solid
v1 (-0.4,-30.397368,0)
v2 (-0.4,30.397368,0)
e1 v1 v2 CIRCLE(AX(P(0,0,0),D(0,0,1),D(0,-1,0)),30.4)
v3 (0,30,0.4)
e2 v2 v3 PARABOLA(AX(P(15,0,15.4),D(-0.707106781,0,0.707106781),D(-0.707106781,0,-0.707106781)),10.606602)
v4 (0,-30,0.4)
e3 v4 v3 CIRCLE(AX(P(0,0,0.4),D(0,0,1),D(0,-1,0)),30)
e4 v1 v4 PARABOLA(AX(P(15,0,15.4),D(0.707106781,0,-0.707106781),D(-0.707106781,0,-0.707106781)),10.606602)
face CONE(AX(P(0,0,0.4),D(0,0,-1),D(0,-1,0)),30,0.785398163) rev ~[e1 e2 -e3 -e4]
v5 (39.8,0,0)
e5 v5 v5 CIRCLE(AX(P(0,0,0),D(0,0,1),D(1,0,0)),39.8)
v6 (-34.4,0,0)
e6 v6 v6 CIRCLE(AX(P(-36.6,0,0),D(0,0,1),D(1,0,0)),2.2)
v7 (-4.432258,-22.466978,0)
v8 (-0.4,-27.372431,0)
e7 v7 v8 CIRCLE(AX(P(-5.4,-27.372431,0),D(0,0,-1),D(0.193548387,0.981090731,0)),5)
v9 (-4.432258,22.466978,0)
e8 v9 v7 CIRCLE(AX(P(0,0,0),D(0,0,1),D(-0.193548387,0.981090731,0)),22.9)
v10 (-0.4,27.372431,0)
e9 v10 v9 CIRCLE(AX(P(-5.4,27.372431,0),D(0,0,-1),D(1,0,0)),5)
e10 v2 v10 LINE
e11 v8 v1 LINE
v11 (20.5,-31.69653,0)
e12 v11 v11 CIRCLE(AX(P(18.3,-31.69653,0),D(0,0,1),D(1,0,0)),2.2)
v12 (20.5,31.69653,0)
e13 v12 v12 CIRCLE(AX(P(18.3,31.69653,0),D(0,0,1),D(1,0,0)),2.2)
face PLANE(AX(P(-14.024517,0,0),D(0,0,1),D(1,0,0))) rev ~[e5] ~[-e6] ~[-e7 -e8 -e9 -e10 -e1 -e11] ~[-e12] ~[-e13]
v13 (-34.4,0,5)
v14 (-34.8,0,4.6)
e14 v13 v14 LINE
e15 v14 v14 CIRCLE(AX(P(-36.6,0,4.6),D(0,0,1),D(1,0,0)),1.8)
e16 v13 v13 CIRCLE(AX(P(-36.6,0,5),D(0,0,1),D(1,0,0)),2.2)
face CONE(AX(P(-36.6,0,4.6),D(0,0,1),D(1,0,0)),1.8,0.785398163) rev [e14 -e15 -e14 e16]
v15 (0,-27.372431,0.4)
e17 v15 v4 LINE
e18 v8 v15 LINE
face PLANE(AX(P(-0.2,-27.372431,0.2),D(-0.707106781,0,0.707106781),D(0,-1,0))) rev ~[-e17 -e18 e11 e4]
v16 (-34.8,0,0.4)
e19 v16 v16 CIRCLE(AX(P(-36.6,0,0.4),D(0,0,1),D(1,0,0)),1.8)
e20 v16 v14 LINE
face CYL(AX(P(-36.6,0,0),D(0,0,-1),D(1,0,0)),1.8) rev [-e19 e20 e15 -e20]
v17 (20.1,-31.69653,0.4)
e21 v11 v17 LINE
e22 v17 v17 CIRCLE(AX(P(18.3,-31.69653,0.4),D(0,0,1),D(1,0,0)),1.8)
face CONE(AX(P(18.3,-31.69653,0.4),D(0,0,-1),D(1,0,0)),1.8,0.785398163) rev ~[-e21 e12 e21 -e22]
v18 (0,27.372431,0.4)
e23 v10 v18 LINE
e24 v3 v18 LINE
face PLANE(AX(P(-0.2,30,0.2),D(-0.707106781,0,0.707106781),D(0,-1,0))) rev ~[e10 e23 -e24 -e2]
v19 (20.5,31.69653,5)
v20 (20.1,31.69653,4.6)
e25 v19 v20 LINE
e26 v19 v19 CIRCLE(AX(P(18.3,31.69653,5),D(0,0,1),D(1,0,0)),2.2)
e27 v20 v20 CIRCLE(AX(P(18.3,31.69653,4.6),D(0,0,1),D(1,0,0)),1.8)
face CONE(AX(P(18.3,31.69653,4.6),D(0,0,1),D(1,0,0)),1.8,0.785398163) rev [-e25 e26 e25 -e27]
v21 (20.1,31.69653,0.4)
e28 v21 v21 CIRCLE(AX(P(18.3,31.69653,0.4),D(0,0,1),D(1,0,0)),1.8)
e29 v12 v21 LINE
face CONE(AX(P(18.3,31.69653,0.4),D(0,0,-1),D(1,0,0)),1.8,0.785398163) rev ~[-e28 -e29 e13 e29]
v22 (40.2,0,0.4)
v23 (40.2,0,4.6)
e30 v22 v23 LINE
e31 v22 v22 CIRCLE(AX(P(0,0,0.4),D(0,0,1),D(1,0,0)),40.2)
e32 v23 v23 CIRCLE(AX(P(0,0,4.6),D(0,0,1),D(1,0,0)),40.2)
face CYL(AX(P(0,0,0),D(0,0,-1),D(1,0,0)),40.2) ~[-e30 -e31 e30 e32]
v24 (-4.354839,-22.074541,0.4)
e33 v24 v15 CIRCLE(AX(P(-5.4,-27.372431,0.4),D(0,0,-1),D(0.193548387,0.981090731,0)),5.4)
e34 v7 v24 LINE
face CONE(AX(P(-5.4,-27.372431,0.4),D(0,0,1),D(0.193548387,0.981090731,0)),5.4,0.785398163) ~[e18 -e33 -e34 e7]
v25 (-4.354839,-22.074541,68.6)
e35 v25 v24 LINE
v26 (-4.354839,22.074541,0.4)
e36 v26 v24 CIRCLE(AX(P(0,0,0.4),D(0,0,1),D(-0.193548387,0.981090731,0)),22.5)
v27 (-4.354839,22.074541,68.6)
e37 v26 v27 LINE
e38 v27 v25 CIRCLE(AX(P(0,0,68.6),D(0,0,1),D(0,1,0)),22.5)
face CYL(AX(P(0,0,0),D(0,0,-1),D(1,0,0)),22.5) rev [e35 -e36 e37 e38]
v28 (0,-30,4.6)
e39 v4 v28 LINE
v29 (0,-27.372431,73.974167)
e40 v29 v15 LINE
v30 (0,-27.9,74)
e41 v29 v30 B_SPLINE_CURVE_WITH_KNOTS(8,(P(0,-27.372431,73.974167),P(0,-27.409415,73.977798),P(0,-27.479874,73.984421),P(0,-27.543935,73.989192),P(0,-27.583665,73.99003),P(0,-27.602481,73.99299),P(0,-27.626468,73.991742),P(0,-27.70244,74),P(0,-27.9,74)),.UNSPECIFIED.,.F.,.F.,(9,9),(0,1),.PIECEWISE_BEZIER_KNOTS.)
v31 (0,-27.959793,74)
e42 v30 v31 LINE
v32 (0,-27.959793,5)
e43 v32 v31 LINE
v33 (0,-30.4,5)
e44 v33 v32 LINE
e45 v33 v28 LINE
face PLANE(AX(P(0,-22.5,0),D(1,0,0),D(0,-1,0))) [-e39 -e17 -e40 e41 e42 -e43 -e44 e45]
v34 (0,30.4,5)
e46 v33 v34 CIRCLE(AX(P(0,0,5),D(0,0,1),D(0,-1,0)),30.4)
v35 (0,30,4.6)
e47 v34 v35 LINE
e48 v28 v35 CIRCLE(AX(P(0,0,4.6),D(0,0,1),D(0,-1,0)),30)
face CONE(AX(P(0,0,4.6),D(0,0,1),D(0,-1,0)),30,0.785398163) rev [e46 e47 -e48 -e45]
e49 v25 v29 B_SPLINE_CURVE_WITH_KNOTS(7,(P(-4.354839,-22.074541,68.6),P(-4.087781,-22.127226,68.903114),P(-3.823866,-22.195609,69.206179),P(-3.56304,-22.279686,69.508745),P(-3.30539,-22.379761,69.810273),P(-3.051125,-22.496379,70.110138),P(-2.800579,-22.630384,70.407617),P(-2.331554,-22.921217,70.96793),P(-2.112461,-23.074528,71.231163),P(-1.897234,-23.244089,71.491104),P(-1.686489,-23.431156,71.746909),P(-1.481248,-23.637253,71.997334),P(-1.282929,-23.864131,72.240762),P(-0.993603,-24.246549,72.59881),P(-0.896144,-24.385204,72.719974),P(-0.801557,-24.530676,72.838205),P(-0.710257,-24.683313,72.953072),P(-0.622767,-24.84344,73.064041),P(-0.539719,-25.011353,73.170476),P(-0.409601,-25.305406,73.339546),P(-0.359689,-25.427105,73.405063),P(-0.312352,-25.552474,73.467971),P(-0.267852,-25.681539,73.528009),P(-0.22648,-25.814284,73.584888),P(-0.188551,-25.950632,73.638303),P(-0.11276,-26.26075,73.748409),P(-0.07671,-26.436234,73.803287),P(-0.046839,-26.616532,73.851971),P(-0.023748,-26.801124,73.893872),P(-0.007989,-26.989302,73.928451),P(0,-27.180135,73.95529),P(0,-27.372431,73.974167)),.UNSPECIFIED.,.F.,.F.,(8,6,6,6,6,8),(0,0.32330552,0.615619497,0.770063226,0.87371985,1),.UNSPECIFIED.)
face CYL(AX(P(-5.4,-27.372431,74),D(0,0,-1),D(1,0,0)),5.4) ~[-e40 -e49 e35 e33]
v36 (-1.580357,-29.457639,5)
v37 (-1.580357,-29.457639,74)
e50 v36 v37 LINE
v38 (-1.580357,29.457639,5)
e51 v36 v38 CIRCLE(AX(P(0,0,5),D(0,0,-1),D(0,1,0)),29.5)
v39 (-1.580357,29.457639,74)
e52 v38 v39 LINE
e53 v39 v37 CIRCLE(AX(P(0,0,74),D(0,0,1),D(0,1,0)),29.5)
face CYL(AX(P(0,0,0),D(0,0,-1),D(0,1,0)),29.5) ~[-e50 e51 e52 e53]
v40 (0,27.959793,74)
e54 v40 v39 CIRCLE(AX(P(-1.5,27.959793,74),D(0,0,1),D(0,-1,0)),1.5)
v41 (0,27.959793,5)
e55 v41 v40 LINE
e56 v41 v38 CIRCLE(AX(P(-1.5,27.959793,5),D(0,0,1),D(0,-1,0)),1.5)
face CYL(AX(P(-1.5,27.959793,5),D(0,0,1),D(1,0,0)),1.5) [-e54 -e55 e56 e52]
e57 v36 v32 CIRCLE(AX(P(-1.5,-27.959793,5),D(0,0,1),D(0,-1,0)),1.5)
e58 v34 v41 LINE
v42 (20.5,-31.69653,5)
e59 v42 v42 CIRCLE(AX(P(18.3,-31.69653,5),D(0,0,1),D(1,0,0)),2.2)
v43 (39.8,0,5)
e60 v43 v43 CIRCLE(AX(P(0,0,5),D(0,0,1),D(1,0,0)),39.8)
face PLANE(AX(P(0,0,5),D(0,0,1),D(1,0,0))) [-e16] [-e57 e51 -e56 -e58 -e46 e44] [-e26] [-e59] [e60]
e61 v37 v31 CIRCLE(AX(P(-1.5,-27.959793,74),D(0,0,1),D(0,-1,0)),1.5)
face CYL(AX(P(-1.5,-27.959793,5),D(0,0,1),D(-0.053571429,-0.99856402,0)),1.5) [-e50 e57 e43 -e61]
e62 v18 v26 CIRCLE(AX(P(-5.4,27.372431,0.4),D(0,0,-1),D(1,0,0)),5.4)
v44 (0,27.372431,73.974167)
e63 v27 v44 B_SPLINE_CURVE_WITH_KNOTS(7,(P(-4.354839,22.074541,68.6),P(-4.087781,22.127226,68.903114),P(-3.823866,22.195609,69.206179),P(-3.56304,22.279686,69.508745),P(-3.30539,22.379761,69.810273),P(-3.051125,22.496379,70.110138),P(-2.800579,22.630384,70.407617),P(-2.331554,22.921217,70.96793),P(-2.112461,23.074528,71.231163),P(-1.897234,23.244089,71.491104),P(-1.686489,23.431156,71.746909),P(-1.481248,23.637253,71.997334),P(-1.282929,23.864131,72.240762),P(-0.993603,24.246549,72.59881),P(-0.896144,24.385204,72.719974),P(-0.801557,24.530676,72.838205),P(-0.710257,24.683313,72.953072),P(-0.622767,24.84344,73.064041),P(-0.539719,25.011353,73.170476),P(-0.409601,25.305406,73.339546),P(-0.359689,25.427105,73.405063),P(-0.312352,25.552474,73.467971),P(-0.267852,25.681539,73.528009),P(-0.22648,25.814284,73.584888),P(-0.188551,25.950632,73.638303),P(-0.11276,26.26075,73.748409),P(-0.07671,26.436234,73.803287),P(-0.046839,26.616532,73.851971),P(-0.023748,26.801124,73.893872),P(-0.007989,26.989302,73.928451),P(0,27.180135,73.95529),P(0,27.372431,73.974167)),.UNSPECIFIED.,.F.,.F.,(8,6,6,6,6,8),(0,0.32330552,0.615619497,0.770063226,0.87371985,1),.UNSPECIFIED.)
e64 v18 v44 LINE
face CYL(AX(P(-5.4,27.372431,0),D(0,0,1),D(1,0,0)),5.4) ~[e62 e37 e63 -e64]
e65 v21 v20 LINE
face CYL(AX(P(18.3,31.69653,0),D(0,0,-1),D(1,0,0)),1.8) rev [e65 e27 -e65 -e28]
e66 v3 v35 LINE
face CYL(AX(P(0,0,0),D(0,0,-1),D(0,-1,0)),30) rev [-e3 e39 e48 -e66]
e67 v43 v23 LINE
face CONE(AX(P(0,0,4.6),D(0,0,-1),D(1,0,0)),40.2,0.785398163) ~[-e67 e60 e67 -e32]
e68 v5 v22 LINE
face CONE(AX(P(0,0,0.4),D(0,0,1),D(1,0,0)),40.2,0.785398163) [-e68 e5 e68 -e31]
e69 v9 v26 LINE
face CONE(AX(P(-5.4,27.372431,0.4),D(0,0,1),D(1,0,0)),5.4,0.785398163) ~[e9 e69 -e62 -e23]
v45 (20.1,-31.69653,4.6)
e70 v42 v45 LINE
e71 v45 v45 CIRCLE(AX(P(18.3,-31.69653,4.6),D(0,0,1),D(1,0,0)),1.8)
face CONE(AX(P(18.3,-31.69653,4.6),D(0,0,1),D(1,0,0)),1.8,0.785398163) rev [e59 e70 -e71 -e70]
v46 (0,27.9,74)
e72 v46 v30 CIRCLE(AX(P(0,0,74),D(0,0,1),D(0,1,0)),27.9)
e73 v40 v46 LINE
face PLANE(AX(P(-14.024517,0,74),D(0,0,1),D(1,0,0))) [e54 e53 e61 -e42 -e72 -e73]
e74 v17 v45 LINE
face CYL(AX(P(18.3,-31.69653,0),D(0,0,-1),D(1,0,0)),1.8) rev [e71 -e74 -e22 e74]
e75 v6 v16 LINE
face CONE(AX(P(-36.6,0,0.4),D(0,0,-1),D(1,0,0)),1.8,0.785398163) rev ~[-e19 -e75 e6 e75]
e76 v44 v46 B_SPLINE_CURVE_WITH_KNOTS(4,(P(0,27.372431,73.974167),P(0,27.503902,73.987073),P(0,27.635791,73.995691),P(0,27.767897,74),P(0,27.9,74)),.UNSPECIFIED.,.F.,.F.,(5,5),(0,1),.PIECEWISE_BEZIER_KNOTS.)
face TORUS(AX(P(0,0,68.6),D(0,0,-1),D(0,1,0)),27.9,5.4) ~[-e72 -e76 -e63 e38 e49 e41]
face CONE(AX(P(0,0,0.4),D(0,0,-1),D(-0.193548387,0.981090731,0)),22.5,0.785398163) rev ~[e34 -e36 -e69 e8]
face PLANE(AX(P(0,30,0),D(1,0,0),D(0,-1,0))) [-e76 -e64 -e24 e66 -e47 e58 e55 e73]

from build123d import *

# Parameters (mm, degrees)
SKETCH_R     = 40.2
SKETCH_R_2   = 22.5
PAD_DEPTH    = 5
PAD001_DEPTH = 74
POCKET_DEPTH = 5
FILLET_R     = 1.5
FILLET001_R  = 5.4
SKETCH003_R  = 1.8
HOLE_DEPTH   = 5
CHAMFER_SIZE = 0.4


with BuildPart() as part:
    # Sketch → Pad (new body)
    with BuildSketch(Plane.XY):
        Circle(SKETCH_R)
        Circle(SKETCH_R_2, mode=Mode.SUBTRACT)
    extrude(amount=PAD_DEPTH)

    # Sketch001 → Pad001 (join)
    with BuildSketch(Plane.XY):
        with BuildLine():
            ThreePointArc((0, 29.5), (-29.5, 0), (0, -29.5))
            Line((0, -22.5), (0, -29.5))
            ThreePointArc((0, 22.5), (-22.5, 0), (0, -22.5))
            Line((0, 29.5), (0, 22.5))
        make_face()
    extrude(amount=PAD001_DEPTH)

    # Sketch002 → Pocket (cut)
    with BuildSketch(Plane.XY):
        with BuildLine():
            ThreePointArc((0, -30), (30, 0), (0, 30))
            Line((0, 30), (0, 22.5))
            ThreePointArc((0, -22.5), (22.5, 0), (0, 22.5))
            Line((0, -22.5), (0, -30))
        make_face()
    extrude(amount=POCKET_DEPTH, mode=Mode.SUBTRACT)

    # Fillet
    fillet_edges = [part.edges().sort_by_distance(p)[0] for p in [
        (0, -29.5, 39.5),
        (0, 29.5, 39.5),
    ]]
    fillet(fillet_edges, radius=FILLET_R)

    # Fillet001
    fillet001_edges = [part.edges().sort_by_distance(p)[0] for p in [
        (-22.5, 0, 74),
        (0, -22.5, 39.5),
        (0, 22.5, 39.5),
    ]]
    fillet(fillet001_edges, radius=FILLET001_R)

    # Sketch003 → Hole (cut)
    with BuildSketch(Plane.XY):
        with Locations((-36.6, 0)):
            Circle(SKETCH003_R)
        with Locations((18.3, 31.69653)):
            Circle(SKETCH003_R)
        with Locations((18.3, -31.69653)):
            Circle(SKETCH003_R)
    extrude(amount=HOLE_DEPTH, mode=Mode.SUBTRACT)

    # Chamfer
    chamfer_edges = [part.edges().sort_by_distance(p)[0] for p in [
        (-40.2, 0, 5),
        (20.1, -31.69653, 5),
        (20.1, 31.69653, 5),
        (30, 0, 5),
        (-40.2, 0, 0),
        (30, 0, 0),
        (20.1, -31.69653, 0),
        (20.1, 31.69653, 0),
        (-34.8, 0, 0),
        (0, -29.75, 0),
        (0, -28.436216, 0),
        (-1.228437, -23.943428, 0),
        (-22.5, 0, 0),
        (-1.228437, 23.943428, 0),
        (0, 29.75, 0),
        (0, 28.436216, 0),
        (-34.8, 0, 5),
    ]]
    chamfer(chamfer_edges, length=CHAMFER_SIZE)


solid = part.part
